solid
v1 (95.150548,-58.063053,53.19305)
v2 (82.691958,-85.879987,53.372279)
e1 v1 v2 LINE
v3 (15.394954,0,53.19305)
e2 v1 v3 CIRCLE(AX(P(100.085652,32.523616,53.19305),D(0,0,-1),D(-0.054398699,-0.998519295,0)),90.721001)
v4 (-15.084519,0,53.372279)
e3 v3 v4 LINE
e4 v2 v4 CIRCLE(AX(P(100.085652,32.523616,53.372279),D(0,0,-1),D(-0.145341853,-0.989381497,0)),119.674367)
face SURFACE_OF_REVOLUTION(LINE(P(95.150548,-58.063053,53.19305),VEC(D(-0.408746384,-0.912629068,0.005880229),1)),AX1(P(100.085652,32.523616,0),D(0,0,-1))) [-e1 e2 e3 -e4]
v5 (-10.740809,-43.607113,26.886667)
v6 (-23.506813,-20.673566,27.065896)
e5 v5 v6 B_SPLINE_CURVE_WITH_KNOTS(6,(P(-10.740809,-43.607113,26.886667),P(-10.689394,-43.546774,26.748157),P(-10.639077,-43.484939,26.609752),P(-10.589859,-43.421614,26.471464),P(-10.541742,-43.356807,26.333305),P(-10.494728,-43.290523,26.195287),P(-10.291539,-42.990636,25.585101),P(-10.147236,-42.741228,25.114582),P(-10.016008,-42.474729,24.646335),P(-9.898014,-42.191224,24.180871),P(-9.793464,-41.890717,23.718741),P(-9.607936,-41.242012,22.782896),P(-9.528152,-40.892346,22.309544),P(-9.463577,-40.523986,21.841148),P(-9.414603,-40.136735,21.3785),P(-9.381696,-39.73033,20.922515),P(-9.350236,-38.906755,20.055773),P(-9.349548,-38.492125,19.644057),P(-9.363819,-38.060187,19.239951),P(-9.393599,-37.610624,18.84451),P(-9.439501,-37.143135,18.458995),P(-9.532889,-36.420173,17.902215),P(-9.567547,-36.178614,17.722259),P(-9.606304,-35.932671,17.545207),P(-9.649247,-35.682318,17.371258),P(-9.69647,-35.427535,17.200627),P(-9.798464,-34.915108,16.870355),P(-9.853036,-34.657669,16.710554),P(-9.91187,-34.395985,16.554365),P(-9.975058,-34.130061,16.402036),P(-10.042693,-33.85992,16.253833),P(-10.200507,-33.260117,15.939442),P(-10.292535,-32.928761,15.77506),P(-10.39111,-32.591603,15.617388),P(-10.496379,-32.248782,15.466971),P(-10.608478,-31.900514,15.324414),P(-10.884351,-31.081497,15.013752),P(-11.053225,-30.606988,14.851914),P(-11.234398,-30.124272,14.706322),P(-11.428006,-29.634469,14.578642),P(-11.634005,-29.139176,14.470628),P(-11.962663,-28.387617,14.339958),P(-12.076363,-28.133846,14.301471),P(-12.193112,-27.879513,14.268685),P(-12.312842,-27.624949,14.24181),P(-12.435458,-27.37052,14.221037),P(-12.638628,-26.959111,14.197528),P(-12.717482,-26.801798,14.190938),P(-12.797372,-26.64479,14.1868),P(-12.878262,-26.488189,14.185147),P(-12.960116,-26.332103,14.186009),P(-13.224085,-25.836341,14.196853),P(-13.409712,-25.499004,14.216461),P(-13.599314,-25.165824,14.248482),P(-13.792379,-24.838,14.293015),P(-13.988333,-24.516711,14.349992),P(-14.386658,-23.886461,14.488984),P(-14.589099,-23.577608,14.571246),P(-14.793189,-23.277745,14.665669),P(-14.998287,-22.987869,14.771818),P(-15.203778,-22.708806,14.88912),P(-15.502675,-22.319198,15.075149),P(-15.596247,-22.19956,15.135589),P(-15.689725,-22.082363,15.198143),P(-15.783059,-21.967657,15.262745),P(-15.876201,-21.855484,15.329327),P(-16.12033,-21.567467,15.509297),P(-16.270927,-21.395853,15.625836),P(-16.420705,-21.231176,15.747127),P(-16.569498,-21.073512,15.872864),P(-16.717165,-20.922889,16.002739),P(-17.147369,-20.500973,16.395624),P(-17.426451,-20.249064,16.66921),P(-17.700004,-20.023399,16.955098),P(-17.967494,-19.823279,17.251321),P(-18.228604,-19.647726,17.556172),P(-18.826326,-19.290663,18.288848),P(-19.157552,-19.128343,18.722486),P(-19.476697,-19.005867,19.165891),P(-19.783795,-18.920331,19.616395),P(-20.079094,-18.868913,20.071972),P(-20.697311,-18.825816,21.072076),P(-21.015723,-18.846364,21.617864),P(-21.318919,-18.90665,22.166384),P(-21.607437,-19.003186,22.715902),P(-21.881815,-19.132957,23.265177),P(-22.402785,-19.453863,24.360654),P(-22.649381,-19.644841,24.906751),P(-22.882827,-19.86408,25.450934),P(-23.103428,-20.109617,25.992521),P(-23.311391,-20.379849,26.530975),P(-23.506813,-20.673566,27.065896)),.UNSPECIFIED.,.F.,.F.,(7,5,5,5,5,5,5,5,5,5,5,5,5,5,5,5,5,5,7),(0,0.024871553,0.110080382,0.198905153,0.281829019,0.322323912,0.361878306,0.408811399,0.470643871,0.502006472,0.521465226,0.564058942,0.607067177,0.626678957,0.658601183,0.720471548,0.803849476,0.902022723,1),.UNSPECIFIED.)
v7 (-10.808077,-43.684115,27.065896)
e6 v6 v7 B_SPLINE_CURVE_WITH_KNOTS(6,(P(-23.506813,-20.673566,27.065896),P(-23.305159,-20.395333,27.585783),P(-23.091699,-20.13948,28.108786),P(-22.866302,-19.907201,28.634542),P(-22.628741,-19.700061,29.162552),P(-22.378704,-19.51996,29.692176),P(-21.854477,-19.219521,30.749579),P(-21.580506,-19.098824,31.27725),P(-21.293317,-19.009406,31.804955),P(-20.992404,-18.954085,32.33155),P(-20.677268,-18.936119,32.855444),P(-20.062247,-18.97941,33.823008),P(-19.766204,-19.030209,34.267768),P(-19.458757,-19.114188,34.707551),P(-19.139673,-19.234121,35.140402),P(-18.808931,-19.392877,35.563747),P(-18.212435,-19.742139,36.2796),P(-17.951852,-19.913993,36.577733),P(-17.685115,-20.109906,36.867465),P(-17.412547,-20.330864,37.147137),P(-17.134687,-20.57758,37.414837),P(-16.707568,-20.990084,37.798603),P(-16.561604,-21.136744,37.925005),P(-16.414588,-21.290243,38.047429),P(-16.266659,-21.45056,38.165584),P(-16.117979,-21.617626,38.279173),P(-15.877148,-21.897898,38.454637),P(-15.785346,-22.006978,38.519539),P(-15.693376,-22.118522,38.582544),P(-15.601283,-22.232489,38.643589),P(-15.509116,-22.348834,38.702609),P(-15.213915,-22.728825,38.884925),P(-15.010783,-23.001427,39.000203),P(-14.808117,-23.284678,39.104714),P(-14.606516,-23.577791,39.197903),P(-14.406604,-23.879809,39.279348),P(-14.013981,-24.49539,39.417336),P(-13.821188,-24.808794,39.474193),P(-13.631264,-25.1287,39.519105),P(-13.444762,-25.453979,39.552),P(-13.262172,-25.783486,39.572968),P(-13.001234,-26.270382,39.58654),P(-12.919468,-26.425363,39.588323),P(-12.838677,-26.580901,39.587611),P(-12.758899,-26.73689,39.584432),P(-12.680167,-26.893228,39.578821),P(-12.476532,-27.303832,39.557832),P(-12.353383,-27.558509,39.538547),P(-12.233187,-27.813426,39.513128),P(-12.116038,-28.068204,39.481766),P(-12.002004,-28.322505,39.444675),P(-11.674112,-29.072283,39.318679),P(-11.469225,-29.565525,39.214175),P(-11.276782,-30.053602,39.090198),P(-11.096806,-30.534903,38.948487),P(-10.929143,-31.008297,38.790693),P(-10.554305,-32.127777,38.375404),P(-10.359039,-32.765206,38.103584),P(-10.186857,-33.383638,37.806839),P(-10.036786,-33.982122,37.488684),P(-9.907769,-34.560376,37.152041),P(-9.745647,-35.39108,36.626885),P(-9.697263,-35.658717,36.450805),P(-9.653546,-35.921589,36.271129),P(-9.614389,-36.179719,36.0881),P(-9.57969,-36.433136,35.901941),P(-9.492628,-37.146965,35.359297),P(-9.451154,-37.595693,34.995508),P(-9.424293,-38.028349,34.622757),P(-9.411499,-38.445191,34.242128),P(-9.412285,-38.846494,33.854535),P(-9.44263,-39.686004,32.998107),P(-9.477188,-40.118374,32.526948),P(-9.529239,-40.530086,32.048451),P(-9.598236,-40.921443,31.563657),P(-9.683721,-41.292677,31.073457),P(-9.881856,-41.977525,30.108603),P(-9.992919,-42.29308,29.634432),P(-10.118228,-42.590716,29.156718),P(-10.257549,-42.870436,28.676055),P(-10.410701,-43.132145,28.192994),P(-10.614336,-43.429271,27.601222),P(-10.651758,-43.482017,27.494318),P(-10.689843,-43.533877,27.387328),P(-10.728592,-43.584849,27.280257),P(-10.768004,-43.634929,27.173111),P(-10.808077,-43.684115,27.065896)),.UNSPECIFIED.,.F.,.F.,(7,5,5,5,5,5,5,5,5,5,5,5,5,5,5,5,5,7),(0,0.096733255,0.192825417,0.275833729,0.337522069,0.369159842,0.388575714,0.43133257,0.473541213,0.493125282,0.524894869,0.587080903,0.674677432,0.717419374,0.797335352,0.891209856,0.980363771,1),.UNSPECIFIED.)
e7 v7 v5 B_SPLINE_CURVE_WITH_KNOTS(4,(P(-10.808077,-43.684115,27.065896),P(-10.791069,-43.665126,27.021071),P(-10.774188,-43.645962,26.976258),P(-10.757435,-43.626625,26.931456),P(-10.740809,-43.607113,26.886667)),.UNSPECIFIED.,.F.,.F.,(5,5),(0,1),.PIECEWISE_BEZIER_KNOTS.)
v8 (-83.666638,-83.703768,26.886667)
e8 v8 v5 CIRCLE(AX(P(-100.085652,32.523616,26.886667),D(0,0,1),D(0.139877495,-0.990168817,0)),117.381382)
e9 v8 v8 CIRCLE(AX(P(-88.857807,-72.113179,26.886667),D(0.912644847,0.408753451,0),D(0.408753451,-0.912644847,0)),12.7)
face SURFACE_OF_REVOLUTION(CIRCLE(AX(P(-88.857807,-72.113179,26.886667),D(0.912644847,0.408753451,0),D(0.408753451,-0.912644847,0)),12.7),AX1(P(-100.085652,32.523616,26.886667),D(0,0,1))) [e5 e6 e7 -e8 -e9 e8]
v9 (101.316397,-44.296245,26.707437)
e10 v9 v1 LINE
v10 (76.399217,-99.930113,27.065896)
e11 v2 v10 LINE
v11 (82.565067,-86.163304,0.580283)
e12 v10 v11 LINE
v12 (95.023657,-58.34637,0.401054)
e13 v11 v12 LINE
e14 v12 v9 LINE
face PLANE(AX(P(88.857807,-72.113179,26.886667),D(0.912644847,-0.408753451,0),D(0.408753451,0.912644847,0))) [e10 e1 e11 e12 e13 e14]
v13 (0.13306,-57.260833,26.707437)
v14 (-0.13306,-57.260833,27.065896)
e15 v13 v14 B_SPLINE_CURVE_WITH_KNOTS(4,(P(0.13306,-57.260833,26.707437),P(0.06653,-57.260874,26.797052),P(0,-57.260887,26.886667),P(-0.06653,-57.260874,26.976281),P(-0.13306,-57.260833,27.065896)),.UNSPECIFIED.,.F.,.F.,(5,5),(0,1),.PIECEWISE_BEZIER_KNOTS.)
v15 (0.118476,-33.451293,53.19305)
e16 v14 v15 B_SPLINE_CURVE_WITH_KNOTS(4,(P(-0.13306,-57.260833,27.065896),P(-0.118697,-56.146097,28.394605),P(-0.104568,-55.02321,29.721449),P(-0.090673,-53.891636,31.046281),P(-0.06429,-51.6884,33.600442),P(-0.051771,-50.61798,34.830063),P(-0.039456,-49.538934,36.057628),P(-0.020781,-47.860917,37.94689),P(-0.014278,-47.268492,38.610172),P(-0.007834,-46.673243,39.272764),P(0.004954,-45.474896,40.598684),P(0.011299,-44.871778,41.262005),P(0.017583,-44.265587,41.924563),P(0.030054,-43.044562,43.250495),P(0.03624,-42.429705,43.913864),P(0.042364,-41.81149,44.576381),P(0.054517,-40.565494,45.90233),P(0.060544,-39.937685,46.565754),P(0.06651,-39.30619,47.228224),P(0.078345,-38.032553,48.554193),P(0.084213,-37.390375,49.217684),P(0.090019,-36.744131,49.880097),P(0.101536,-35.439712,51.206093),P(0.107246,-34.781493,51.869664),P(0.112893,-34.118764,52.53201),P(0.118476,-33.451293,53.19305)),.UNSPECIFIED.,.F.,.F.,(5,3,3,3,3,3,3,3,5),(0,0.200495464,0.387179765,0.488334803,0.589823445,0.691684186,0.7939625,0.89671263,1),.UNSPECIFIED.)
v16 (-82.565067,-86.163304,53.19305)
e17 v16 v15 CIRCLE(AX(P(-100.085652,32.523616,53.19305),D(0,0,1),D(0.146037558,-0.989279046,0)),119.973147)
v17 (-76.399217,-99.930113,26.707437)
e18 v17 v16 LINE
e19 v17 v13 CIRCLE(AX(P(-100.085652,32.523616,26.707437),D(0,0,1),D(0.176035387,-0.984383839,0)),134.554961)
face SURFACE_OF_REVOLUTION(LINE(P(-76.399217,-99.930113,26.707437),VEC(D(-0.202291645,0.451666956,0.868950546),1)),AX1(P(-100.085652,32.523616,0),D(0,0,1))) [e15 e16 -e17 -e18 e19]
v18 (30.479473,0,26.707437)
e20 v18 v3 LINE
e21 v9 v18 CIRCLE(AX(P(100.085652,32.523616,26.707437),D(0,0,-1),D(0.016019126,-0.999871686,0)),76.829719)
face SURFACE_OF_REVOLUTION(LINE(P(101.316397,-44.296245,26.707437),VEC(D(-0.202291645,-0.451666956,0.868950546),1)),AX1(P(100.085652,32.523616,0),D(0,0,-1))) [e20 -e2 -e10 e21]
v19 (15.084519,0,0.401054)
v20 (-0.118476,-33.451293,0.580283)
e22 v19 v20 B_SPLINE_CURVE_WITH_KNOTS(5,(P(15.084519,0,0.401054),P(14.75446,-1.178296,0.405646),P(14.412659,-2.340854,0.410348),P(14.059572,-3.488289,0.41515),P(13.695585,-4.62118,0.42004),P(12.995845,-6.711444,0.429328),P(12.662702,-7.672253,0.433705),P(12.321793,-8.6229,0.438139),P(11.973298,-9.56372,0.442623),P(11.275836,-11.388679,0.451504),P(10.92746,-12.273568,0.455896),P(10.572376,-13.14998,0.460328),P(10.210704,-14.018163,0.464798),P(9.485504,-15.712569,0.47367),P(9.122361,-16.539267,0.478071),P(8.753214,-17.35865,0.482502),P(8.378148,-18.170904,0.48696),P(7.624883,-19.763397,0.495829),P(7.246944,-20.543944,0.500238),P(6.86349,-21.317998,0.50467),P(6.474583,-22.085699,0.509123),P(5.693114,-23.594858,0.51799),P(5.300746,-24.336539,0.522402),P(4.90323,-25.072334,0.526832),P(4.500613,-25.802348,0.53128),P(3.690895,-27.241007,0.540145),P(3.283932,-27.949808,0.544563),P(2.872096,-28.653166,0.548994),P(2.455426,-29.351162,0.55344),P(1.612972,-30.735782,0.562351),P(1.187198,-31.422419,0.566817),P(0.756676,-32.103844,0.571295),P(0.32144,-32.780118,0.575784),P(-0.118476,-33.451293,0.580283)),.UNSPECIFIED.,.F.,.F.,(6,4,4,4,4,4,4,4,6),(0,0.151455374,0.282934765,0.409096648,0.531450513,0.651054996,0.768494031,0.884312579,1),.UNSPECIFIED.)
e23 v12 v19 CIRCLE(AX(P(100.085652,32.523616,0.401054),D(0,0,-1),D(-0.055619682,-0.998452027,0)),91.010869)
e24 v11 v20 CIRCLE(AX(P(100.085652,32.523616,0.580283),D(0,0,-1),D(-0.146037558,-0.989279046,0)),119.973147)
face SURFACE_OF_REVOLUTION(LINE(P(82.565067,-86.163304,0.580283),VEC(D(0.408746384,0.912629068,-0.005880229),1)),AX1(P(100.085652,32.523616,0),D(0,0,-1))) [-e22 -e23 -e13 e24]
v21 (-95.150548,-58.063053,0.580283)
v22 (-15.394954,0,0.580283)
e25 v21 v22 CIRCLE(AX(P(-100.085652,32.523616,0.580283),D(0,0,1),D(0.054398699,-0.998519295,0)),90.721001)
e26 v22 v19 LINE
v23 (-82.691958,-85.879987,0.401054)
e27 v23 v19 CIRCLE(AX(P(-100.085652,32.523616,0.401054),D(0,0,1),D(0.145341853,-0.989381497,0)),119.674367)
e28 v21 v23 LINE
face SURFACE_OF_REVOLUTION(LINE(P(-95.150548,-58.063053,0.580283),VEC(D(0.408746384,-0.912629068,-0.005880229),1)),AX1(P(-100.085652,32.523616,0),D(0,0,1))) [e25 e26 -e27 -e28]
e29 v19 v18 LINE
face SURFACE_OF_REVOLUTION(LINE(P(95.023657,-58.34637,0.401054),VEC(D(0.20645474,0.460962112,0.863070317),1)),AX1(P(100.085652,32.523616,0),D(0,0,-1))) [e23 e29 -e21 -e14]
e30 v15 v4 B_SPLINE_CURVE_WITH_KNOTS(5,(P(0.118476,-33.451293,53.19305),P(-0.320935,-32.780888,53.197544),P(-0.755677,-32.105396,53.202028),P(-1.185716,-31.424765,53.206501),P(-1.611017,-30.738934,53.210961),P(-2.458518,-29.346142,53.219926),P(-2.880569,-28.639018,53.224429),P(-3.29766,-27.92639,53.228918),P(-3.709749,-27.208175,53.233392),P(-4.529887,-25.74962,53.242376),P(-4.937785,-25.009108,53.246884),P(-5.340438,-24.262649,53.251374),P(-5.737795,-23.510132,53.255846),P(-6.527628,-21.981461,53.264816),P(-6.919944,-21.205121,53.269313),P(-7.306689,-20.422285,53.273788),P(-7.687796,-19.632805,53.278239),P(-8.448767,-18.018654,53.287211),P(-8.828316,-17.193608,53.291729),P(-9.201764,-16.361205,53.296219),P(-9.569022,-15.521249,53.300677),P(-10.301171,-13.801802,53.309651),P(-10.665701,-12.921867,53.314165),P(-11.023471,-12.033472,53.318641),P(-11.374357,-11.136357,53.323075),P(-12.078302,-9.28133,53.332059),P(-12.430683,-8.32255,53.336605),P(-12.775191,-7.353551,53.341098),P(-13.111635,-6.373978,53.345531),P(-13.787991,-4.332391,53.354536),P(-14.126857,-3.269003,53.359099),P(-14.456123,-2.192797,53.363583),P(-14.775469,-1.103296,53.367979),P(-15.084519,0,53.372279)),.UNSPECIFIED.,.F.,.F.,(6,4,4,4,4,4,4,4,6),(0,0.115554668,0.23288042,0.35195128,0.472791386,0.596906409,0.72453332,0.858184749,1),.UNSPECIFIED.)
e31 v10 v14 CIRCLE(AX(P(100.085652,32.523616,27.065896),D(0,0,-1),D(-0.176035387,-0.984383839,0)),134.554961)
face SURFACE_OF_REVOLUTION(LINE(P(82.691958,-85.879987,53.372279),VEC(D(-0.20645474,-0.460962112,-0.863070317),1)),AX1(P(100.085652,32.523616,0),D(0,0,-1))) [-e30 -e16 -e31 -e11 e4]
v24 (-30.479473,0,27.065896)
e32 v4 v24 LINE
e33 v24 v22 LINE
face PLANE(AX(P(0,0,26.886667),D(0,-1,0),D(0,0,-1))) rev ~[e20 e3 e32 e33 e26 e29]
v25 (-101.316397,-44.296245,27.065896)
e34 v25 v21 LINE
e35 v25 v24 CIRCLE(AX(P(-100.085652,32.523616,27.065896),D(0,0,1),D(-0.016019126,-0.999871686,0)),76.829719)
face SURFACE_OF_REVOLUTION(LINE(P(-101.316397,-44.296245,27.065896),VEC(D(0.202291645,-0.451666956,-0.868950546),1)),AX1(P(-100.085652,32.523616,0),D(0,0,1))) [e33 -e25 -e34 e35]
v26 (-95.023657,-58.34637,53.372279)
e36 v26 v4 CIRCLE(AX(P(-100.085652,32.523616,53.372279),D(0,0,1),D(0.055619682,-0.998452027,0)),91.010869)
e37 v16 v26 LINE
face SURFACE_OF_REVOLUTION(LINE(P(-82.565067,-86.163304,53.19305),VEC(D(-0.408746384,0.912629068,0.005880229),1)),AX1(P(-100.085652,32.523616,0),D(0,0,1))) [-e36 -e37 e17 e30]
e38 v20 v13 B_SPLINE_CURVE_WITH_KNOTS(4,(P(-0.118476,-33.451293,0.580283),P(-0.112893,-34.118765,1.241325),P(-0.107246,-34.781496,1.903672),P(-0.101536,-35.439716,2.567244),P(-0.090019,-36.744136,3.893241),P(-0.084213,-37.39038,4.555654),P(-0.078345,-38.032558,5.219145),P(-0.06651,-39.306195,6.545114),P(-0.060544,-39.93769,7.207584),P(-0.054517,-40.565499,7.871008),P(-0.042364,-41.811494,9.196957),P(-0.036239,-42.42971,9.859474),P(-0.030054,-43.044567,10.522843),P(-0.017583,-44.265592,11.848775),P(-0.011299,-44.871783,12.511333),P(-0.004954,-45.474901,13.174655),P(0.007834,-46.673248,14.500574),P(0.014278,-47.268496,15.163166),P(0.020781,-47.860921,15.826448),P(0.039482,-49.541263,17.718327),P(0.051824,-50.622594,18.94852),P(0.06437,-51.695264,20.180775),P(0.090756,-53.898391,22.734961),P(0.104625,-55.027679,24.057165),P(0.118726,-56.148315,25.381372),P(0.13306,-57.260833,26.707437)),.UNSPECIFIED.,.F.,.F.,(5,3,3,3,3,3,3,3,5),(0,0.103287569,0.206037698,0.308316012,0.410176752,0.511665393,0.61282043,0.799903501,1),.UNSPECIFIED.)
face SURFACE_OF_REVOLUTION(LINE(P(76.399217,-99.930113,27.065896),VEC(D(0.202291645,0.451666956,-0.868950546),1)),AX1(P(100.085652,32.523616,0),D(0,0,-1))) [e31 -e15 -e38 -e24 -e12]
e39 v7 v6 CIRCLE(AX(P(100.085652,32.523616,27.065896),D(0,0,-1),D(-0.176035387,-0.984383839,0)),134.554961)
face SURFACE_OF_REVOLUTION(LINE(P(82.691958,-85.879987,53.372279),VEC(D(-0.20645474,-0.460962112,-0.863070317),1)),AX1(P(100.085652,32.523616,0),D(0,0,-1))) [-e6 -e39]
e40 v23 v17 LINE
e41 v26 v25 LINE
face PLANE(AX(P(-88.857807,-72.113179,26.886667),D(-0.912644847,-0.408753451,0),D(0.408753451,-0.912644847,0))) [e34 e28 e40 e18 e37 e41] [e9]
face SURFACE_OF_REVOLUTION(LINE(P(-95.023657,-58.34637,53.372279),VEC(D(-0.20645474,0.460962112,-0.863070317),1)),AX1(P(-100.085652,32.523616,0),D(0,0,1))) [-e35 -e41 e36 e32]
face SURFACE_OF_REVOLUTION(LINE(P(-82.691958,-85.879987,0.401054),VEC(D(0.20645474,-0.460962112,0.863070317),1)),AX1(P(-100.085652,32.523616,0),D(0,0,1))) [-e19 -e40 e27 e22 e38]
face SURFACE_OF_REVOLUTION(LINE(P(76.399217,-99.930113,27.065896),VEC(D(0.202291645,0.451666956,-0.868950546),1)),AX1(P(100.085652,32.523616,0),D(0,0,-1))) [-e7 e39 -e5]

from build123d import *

# Parameters (mm, degrees)
F0_R = 12.7


with BuildPart() as f2:
    # F2: sweep along a path in F1
    with BuildLine(Plane.XY) as f2_path:
        ThreePointArc((-88.857807219, -72.1131786704), (-33.770108767, -49.1903487224), (0, 0))
    # F0 (on Front) → F2 (sweep)
    with BuildSketch(Plane.XZ):
        Polygon((-30.4794730405, 27.0658959038), (-15.3949537232, 0.5802832628), (15.0845193173, 0.401053875), (30.4794730405, 26.7074371281), (15.3949537232, 53.193049769), (-15.0845193173, 53.3722791569), align=None)
        with Locations((0, 26.8866665159)):
            Circle(F0_R, mode=Mode.SUBTRACT)
    sweep(path=f2_path.line)

    # F3: sweep along a path in F1
    with BuildLine(Plane.XY) as f3_path:
        ThreePointArc((88.857807219, -72.1131786704), (33.770108767, -49.1903487224), (0, 0))
    # F0 (on Front) → F3 (sweep)
    with BuildSketch(Plane.XZ):
        Polygon((-30.4794730405, 27.0658959038), (-15.3949537232, 0.5802832628), (15.0845193173, 0.401053875), (30.4794730405, 26.7074371281), (15.3949537232, 53.193049769), (-15.0845193173, 53.3722791569), align=None)
        with Locations((0, 26.8866665159)):
            Circle(F0_R, mode=Mode.SUBTRACT)
        with Locations((0, 26.8866665159)):
            Circle(F0_R)
    sweep(path=f3_path.line)


solid = f2.part
